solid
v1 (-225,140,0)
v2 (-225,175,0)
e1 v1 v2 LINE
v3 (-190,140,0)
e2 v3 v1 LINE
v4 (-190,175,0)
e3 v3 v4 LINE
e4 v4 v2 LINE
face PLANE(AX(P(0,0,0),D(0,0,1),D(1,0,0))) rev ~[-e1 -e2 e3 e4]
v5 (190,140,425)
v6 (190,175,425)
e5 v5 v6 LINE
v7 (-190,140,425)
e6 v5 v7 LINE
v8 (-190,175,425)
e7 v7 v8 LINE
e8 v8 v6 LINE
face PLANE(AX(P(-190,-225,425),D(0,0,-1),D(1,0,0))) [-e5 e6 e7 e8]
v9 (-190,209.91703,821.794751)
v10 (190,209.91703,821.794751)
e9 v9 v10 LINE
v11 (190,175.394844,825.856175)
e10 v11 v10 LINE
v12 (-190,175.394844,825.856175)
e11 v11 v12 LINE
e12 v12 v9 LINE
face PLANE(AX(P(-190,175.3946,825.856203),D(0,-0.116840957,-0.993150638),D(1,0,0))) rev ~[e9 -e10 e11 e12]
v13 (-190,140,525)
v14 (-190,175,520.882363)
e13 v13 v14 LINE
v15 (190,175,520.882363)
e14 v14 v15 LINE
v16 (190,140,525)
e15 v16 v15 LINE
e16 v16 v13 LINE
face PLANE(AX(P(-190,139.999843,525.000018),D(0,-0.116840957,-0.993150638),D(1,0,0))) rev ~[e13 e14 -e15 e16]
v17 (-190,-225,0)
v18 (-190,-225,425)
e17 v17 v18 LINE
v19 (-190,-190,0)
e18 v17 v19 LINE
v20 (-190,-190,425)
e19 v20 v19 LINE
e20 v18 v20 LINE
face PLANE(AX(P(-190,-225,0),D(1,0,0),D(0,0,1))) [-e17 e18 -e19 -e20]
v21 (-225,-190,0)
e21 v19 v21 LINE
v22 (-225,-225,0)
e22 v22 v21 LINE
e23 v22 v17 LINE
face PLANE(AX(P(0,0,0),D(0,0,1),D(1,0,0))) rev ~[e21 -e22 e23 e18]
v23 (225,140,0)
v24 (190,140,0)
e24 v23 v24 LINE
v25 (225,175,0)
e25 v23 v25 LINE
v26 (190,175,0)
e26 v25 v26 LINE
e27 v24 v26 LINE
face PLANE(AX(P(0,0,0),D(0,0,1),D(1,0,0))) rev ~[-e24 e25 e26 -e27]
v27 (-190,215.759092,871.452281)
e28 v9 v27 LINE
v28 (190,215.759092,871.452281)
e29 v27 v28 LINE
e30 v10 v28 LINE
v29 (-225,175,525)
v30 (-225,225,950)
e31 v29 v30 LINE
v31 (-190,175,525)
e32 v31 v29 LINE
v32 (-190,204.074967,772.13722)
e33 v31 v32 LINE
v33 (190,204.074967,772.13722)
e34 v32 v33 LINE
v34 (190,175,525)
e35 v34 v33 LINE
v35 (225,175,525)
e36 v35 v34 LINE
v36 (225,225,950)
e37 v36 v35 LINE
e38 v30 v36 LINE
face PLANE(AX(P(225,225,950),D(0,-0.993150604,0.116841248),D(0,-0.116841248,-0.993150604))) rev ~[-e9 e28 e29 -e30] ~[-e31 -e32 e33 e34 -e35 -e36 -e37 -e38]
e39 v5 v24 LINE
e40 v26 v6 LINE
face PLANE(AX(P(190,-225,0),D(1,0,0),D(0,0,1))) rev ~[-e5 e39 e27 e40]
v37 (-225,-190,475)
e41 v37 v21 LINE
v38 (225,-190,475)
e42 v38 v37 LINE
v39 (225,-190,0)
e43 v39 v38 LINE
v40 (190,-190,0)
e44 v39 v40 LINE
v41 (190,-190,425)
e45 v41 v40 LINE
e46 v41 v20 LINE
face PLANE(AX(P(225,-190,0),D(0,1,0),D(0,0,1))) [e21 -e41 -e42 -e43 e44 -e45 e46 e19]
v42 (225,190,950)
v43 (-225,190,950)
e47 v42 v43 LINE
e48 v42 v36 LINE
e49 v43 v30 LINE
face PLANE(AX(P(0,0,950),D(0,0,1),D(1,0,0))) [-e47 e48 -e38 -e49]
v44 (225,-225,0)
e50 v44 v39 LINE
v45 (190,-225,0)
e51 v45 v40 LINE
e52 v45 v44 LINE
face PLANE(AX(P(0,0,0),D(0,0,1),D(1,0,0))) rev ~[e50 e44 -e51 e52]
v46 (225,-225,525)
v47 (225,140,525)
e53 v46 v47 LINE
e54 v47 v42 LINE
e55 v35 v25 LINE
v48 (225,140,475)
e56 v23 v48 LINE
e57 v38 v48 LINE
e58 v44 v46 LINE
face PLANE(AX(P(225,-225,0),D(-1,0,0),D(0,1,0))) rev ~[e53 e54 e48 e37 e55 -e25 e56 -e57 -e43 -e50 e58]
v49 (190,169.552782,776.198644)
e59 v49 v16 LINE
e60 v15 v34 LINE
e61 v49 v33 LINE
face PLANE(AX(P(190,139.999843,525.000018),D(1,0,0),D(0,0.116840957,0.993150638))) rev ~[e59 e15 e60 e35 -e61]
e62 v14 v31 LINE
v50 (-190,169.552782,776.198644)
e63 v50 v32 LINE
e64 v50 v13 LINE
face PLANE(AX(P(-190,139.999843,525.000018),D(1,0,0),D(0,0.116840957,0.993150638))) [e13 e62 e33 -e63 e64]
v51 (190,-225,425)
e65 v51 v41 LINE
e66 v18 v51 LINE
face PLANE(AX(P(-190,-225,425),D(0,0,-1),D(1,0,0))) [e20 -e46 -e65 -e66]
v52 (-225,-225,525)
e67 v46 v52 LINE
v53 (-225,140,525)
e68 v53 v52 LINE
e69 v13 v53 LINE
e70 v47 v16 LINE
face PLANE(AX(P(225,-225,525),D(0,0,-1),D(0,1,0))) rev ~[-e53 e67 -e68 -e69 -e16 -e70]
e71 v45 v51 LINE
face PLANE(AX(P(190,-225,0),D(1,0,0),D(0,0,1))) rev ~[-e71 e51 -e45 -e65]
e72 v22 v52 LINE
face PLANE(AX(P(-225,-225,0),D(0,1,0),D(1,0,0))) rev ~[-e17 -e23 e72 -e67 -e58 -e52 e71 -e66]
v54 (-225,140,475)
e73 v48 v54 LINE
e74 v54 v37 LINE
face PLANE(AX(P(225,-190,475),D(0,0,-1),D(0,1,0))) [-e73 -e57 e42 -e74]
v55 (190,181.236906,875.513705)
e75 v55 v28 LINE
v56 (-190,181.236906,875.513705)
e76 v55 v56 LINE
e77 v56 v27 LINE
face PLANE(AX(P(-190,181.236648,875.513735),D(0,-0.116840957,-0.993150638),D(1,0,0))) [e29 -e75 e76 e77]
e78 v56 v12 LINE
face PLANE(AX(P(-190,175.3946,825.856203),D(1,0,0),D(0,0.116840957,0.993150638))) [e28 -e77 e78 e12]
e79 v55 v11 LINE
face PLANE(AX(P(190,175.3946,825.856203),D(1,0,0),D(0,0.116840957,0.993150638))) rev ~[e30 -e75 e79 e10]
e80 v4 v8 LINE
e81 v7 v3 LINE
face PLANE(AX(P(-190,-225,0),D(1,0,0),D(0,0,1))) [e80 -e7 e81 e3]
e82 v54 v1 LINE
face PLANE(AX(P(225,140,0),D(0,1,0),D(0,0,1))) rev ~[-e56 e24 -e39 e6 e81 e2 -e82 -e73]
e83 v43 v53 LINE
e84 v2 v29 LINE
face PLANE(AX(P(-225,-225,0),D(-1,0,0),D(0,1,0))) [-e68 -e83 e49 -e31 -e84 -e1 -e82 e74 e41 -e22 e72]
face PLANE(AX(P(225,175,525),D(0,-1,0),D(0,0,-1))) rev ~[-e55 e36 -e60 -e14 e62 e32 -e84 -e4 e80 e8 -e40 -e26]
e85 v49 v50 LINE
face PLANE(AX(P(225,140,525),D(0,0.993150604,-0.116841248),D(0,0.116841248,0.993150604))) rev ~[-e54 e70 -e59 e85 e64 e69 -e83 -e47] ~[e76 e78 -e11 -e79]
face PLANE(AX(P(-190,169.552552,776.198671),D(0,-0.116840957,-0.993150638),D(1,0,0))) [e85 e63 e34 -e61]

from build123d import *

# Parameters (mm, degrees)
F0_W     = 450
F0_H     = 450
F1_DEPTH = 950
F2_W     = 330
F2_H     = 475
F2_W_2   = 50
F2_H_2   = 50
F3_DEPTH = 450.001
F4_W     = 380
F4_H     = 425
F5_DEPTH = 450.001
F6_W     = 380
F6_H     = 50
F6_H_2   = 252.931069
F7_DEPTH = 145.760456


with BuildPart() as f1:
    # F0 (on Top) → F1 (new body)
    with BuildSketch(Plane.XY):
        Rectangle(F0_W, F0_H)
    extrude(amount=F1_DEPTH)

    # F2 (on face) → F3 (cut, through all)
    with BuildSketch(Plane.YZ.offset(225)):
        with Locations((-25, 237.5)):
            Rectangle(F2_W, F2_H)
        Polygon((-225, 525), (140, 525), (190, 950), (-225, 950), align=None)
        with Locations((200, 237.5)):
            Rectangle(F2_W_2, F2_H)
        with Locations((200, 500)):
            Rectangle(F2_W_2, F2_H_2)
        Polygon((175, 525), (225, 525), (225, 950), align=None)
    extrude(amount=-F3_DEPTH, mode=Mode.SUBTRACT)

    # F4 (on face) → F5 (cut, through all)
    with BuildSketch(Plane.XZ.offset(225)):
        with Locations((0, 212.5)):
            Rectangle(F4_W, F4_H)
    extrude(amount=-F5_DEPTH, mode=Mode.SUBTRACT)

    # F6 (on face) → F7 (cut, through all)
    with BuildSketch(Plane(origin=(0, 77.167235, -9.078498), x_dir=(1, 0, 0), z_dir=(0, -0.993151, 0.116841))):
        with Locations((0, 865.692911)):
            Rectangle(F6_W, F6_H)
        with Locations((0, 664.227376)):
            Rectangle(F6_W, F6_H_2)
    extrude(amount=-F7_DEPTH, mode=Mode.SUBTRACT)


solid = f1.part
